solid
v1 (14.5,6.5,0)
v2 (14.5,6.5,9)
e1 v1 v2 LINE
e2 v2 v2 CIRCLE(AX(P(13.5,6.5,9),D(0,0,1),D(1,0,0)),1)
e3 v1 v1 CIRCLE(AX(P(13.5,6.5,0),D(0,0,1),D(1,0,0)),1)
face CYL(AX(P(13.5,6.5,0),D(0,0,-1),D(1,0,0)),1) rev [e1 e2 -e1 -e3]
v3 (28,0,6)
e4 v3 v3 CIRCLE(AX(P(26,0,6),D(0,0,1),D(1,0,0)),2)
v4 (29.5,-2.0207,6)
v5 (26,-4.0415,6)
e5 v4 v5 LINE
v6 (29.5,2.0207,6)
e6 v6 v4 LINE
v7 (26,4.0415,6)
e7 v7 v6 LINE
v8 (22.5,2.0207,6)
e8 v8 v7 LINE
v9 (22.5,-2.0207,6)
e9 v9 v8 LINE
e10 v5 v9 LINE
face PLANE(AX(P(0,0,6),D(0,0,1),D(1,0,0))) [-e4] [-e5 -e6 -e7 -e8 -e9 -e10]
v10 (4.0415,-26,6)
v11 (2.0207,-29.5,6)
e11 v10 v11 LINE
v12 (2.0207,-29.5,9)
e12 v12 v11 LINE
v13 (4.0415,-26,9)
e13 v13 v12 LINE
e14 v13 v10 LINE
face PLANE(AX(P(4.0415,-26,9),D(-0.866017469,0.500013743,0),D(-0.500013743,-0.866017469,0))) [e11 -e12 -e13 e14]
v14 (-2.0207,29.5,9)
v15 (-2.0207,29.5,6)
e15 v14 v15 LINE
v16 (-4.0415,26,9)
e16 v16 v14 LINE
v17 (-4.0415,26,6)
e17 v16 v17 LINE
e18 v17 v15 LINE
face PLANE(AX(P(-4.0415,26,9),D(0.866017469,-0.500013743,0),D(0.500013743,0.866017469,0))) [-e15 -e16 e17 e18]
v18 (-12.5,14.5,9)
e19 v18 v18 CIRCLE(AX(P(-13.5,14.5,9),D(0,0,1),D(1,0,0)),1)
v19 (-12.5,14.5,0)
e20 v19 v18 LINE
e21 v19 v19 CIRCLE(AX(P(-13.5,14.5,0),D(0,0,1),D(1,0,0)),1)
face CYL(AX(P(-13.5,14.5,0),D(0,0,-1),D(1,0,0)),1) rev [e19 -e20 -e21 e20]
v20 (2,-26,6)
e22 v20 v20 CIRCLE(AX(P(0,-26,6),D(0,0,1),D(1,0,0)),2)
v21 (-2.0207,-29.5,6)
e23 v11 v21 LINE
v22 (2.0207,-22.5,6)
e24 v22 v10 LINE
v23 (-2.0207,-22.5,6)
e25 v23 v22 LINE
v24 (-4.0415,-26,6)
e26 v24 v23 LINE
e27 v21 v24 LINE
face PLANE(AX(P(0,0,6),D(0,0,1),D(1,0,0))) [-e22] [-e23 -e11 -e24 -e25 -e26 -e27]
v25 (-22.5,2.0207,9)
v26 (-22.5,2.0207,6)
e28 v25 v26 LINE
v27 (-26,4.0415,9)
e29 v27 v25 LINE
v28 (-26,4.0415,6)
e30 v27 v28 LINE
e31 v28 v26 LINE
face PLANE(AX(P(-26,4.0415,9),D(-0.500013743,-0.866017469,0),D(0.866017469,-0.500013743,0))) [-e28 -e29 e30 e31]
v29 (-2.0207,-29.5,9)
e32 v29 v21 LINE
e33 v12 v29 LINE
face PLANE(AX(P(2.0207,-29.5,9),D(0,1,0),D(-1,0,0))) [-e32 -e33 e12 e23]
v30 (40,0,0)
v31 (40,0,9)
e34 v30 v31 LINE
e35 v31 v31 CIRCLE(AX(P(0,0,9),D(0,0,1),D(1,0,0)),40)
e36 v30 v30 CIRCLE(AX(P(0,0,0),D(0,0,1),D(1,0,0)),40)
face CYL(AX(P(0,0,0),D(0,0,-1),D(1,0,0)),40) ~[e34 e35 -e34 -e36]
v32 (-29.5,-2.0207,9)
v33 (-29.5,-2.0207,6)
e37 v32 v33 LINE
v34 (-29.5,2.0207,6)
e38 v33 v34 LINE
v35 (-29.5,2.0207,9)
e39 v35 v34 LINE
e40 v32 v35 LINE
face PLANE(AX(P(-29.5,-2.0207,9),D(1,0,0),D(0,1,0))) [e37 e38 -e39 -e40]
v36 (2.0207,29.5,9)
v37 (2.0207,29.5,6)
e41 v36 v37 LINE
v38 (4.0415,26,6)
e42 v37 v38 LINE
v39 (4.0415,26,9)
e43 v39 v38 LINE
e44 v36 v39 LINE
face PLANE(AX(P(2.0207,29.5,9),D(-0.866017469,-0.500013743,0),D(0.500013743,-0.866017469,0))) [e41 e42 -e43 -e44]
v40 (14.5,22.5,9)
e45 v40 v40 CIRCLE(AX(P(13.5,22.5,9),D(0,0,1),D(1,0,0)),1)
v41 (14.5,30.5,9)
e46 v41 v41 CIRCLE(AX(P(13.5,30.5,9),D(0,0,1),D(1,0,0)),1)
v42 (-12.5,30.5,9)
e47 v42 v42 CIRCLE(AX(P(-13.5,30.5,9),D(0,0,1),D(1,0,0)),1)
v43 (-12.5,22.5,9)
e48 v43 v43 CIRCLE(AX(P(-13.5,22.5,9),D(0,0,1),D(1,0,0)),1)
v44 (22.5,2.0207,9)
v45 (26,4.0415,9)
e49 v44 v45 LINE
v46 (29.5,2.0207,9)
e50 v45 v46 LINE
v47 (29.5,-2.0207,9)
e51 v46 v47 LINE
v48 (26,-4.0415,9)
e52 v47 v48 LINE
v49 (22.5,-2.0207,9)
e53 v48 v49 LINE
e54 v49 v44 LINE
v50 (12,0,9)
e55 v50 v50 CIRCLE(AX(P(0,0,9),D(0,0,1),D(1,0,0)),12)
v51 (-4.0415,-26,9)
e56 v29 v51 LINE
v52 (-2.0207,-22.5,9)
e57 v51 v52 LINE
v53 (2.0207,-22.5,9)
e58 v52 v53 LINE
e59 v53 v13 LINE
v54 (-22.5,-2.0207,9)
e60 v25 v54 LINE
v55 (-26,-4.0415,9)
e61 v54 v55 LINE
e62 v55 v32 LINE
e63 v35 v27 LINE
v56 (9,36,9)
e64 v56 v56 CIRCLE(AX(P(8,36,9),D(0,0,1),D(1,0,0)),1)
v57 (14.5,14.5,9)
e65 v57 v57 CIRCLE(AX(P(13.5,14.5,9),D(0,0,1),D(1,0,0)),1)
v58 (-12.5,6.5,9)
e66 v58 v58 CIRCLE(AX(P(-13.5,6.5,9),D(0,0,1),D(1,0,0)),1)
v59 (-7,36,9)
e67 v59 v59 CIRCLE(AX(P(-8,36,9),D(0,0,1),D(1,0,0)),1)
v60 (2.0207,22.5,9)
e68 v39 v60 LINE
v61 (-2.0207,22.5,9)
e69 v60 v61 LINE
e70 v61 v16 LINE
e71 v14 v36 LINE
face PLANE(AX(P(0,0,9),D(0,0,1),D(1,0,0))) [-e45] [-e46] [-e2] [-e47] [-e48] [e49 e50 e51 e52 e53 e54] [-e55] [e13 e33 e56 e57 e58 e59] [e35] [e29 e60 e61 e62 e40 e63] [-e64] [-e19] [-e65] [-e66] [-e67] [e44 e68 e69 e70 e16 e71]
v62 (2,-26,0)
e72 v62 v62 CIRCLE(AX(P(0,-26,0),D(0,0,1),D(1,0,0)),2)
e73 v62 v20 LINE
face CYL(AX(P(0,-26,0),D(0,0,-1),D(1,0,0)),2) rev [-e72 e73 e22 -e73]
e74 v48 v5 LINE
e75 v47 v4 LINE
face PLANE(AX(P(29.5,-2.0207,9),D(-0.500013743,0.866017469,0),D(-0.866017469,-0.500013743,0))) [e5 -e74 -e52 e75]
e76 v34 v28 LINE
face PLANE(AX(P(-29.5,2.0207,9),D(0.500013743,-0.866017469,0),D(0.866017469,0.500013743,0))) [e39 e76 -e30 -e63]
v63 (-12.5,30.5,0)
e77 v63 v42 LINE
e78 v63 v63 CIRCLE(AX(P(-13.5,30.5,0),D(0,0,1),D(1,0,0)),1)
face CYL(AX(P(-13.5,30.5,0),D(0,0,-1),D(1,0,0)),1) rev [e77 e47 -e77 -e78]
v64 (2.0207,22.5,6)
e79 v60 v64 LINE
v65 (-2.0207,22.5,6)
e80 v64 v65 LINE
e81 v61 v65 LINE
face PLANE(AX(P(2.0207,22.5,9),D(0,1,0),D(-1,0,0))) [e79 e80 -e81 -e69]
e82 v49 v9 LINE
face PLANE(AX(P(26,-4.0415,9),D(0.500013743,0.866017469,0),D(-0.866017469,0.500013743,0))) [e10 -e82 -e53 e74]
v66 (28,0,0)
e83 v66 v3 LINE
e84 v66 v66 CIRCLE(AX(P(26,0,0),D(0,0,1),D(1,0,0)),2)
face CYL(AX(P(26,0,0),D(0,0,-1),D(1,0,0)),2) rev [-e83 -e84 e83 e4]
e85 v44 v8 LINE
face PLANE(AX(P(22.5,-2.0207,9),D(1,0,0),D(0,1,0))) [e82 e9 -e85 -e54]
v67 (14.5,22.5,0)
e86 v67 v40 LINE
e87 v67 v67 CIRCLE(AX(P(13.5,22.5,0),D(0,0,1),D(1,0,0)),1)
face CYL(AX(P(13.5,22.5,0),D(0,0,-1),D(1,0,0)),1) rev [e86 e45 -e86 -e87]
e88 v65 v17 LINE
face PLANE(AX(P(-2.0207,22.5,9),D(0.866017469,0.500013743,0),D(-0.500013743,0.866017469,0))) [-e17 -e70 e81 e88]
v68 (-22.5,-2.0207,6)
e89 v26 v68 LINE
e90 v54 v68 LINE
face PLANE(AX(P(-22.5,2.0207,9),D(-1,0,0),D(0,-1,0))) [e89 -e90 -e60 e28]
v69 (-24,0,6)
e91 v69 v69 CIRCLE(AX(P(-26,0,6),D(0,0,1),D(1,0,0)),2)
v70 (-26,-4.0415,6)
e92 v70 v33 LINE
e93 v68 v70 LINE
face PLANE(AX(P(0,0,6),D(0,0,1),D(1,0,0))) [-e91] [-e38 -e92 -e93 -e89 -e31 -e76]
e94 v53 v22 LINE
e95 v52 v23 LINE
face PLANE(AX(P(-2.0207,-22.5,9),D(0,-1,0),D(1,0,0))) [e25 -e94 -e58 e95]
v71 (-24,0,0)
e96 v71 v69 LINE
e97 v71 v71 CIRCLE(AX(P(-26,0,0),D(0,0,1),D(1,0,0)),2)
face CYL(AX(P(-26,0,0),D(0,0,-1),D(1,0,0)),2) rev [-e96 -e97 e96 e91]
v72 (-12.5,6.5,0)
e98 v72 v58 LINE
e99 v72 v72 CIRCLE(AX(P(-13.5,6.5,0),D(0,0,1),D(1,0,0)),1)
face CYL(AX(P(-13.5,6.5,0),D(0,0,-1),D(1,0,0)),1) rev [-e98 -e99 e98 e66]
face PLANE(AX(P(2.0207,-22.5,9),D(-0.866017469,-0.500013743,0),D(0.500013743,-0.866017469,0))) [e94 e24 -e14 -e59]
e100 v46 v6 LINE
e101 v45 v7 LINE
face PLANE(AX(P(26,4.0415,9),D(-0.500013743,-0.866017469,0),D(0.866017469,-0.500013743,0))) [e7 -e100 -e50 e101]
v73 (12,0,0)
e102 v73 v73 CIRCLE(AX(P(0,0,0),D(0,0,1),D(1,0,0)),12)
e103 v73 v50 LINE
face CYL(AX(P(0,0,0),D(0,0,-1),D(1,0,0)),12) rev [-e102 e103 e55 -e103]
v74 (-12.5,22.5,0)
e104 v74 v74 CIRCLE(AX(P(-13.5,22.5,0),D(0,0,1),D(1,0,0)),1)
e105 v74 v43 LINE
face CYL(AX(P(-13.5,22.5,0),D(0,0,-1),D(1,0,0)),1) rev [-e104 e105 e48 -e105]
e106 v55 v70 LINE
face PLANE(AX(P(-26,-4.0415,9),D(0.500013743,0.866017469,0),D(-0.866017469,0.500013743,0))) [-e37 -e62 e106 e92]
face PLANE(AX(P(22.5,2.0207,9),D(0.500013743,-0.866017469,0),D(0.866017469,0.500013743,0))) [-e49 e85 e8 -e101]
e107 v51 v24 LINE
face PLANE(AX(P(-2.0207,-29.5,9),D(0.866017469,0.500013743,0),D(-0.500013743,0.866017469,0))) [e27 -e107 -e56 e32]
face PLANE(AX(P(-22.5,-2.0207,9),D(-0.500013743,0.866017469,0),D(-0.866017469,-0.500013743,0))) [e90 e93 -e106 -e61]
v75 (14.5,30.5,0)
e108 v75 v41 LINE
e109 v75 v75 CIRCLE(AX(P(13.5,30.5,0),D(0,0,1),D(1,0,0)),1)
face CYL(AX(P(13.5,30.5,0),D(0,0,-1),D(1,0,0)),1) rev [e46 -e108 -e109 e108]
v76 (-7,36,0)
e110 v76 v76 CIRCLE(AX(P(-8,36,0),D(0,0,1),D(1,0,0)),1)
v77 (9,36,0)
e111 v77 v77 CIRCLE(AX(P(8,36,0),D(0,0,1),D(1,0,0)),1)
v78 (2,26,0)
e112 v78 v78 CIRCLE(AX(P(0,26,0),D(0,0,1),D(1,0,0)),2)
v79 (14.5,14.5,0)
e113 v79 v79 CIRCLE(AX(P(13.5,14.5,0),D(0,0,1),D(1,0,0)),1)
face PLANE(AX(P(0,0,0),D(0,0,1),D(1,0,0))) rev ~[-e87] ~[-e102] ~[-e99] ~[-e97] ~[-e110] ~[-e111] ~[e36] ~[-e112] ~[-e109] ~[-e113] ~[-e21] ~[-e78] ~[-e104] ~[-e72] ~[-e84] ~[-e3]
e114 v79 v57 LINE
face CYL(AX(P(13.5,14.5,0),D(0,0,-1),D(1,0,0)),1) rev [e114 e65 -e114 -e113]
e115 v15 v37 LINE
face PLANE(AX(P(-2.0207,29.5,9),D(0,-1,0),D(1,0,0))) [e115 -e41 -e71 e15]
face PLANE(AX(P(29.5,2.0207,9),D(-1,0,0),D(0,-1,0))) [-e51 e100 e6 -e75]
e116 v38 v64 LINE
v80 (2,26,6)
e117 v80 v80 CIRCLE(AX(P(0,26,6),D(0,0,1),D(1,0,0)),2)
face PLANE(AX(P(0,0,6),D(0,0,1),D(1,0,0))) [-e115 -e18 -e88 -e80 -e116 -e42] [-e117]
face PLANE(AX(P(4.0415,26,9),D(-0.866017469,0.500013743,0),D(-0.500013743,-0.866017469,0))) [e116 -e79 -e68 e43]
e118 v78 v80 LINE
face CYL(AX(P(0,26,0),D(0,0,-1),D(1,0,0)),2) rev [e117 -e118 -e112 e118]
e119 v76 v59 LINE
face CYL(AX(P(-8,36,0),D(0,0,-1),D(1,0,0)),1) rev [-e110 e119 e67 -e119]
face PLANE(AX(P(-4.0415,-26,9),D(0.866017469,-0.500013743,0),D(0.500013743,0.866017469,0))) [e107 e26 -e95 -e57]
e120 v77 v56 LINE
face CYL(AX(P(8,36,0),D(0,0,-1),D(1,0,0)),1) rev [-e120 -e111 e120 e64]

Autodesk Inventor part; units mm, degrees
ref_plane "YZ Plane" through (0, 0, 0) normal (1, 0, 0) x (0, 1, 0)
ref_plane "XZ Plane" through (0, 0, 0) normal (0, 1, 0) x (-1, 0, 0)
ref_plane "XY Plane" through (0, 0, 0) normal (0, 0, 1) x (1, 0, 0)
sketch "Esquisse1" plane through (0, 0, 0) normal (0, 0, 1) x (1, 0, 0)
  circle A0 centre (0, 0) radius 40
  circle A1 centre (0, 0) radius 12
  line L0 (0, 0) -> (-13.5, 0) construction
  line L1 (-13.5, 0) -> (-13.5, 6.5) construction
  line L2 (-13.5, 6.5) -> (-13.5, 14.5) construction
  line L3 (-13.5, 14.5) -> (-13.5, 22.5) construction
  line L4 (-13.5, 22.5) -> (-13.5, 30.5) construction
  line L5 (0, 0) -> (0, 36) construction
  line L6 (0, 36) -> (-8, 36) construction
  circle A2 centre (-13.5, 6.5) radius 1
  circle A3 centre (-13.5, 14.5) radius 1
  circle A4 centre (-13.5, 22.5) radius 1
  circle A5 centre (-13.5, 30.5) radius 1
  circle A6 centre (-8, 36) radius 1
  circle A7 centre (13.5, 6.5) radius 1
  circle A8 centre (13.5, 14.5) radius 1
  circle A9 centre (13.5, 22.5) radius 1
  circle A10 centre (13.5, 30.5) radius 1
  circle A11 centre (8, 36) radius 1
  line L7 (0, 0) -> (40, 0) construction
  line L8 (12, 0) -> (40, 0) construction
  circle A12 centre (26, 0) radius 2
  circle A13 centre (0, 26) radius 2
  circle A14 centre (-26, 0) radius 2
  circle A15 centre (0, -26) radius 2
  line L9 (0, 0) -> (0, -26) construction
  dimension "d0" = 80
  dimension "d1" = 24
  dimension "d2" = 13.5
  dimension "d3" = 6.5
  dimension "d4" = 8
  dimension "d5" = 8
  dimension "d6" = 8
  dimension "d7" = 36
  dimension "d8" = 8
  dimension "d9" = 2
  dimension "d25" = 4
  dimension "d28" = 360
  dimension "d39" = 26
extrude "Extrusion3" add sketch "Esquisse1" along normal blind 9
sketch "Esquisse5" plane through (0, 0, 9) normal (0, 0, 1) x (1, 0, 0)
  circle A0 centre (0, 0) radius 12 projected
  circle A1 centre (0, -26) radius 2 projected
  circle A2 centre (-26, 0) radius 2 projected
  circle A3 centre (0, 26) radius 2 projected
  circle A4 centre (26, 0) radius 2 projected
  circle A5 centre (0, 0) radius 40 projected
  line L0 (0, 0) -> (40, 0) construction
  line L1 (29.5, 2.0207) -> (29.5, -2.0207)
  line L2 (29.5, -2.0207) -> (26, -4.0415)
  line L3 (26, -4.0415) -> (22.5, -2.0207)
  line L4 (22.5, -2.0207) -> (22.5, 2.0207)
  line L5 (22.5, 2.0207) -> (26, 4.0415)
  line L6 (26, 4.0415) -> (29.5, 2.0207)
  line L7 (22.5, 2.0207) -> (29.5, 2.0207) construction
  line L8 (-2.0207, 29.5) -> (2.0207, 29.5)
  line L9 (2.0207, 29.5) -> (4.0415, 26)
  line L10 (4.0415, 26) -> (2.0207, 22.5)
  line L11 (2.0207, 22.5) -> (-2.0207, 22.5)
  line L12 (-2.0207, 22.5) -> (-4.0415, 26)
  line L13 (-4.0415, 26) -> (-2.0207, 29.5)
  line L14 (-29.5, -2.0207) -> (-29.5, 2.0207)
  line L15 (-29.5, 2.0207) -> (-26, 4.0415)
  line L16 (-26, 4.0415) -> (-22.5, 2.0207)
  line L17 (-22.5, 2.0207) -> (-22.5, -2.0207)
  line L18 (-22.5, -2.0207) -> (-26, -4.0415)
  line L19 (-26, -4.0415) -> (-29.5, -2.0207)
  line L20 (2.0207, -29.5) -> (-2.0207, -29.5)
  line L21 (-2.0207, -29.5) -> (-4.0415, -26)
  line L22 (-4.0415, -26) -> (-2.0207, -22.5)
  line L23 (-2.0207, -22.5) -> (2.0207, -22.5)
  line L24 (2.0207, -22.5) -> (4.0415, -26)
  line L25 (4.0415, -26) -> (2.0207, -29.5)
  dimension "d50" = 7
  dimension "d53" = 360
extrude "Extrusion7" cut sketch "Esquisse5" against normal blind 3 contours L1 L2 L3 L4 L5 L6 | L8 L9 L10 L11 L12 L13 | L14 L15 L16 L17 L18 L19 | L20 L21 L22 L23 L24 L25
properties part number "bowl_ax12_support_v2"
